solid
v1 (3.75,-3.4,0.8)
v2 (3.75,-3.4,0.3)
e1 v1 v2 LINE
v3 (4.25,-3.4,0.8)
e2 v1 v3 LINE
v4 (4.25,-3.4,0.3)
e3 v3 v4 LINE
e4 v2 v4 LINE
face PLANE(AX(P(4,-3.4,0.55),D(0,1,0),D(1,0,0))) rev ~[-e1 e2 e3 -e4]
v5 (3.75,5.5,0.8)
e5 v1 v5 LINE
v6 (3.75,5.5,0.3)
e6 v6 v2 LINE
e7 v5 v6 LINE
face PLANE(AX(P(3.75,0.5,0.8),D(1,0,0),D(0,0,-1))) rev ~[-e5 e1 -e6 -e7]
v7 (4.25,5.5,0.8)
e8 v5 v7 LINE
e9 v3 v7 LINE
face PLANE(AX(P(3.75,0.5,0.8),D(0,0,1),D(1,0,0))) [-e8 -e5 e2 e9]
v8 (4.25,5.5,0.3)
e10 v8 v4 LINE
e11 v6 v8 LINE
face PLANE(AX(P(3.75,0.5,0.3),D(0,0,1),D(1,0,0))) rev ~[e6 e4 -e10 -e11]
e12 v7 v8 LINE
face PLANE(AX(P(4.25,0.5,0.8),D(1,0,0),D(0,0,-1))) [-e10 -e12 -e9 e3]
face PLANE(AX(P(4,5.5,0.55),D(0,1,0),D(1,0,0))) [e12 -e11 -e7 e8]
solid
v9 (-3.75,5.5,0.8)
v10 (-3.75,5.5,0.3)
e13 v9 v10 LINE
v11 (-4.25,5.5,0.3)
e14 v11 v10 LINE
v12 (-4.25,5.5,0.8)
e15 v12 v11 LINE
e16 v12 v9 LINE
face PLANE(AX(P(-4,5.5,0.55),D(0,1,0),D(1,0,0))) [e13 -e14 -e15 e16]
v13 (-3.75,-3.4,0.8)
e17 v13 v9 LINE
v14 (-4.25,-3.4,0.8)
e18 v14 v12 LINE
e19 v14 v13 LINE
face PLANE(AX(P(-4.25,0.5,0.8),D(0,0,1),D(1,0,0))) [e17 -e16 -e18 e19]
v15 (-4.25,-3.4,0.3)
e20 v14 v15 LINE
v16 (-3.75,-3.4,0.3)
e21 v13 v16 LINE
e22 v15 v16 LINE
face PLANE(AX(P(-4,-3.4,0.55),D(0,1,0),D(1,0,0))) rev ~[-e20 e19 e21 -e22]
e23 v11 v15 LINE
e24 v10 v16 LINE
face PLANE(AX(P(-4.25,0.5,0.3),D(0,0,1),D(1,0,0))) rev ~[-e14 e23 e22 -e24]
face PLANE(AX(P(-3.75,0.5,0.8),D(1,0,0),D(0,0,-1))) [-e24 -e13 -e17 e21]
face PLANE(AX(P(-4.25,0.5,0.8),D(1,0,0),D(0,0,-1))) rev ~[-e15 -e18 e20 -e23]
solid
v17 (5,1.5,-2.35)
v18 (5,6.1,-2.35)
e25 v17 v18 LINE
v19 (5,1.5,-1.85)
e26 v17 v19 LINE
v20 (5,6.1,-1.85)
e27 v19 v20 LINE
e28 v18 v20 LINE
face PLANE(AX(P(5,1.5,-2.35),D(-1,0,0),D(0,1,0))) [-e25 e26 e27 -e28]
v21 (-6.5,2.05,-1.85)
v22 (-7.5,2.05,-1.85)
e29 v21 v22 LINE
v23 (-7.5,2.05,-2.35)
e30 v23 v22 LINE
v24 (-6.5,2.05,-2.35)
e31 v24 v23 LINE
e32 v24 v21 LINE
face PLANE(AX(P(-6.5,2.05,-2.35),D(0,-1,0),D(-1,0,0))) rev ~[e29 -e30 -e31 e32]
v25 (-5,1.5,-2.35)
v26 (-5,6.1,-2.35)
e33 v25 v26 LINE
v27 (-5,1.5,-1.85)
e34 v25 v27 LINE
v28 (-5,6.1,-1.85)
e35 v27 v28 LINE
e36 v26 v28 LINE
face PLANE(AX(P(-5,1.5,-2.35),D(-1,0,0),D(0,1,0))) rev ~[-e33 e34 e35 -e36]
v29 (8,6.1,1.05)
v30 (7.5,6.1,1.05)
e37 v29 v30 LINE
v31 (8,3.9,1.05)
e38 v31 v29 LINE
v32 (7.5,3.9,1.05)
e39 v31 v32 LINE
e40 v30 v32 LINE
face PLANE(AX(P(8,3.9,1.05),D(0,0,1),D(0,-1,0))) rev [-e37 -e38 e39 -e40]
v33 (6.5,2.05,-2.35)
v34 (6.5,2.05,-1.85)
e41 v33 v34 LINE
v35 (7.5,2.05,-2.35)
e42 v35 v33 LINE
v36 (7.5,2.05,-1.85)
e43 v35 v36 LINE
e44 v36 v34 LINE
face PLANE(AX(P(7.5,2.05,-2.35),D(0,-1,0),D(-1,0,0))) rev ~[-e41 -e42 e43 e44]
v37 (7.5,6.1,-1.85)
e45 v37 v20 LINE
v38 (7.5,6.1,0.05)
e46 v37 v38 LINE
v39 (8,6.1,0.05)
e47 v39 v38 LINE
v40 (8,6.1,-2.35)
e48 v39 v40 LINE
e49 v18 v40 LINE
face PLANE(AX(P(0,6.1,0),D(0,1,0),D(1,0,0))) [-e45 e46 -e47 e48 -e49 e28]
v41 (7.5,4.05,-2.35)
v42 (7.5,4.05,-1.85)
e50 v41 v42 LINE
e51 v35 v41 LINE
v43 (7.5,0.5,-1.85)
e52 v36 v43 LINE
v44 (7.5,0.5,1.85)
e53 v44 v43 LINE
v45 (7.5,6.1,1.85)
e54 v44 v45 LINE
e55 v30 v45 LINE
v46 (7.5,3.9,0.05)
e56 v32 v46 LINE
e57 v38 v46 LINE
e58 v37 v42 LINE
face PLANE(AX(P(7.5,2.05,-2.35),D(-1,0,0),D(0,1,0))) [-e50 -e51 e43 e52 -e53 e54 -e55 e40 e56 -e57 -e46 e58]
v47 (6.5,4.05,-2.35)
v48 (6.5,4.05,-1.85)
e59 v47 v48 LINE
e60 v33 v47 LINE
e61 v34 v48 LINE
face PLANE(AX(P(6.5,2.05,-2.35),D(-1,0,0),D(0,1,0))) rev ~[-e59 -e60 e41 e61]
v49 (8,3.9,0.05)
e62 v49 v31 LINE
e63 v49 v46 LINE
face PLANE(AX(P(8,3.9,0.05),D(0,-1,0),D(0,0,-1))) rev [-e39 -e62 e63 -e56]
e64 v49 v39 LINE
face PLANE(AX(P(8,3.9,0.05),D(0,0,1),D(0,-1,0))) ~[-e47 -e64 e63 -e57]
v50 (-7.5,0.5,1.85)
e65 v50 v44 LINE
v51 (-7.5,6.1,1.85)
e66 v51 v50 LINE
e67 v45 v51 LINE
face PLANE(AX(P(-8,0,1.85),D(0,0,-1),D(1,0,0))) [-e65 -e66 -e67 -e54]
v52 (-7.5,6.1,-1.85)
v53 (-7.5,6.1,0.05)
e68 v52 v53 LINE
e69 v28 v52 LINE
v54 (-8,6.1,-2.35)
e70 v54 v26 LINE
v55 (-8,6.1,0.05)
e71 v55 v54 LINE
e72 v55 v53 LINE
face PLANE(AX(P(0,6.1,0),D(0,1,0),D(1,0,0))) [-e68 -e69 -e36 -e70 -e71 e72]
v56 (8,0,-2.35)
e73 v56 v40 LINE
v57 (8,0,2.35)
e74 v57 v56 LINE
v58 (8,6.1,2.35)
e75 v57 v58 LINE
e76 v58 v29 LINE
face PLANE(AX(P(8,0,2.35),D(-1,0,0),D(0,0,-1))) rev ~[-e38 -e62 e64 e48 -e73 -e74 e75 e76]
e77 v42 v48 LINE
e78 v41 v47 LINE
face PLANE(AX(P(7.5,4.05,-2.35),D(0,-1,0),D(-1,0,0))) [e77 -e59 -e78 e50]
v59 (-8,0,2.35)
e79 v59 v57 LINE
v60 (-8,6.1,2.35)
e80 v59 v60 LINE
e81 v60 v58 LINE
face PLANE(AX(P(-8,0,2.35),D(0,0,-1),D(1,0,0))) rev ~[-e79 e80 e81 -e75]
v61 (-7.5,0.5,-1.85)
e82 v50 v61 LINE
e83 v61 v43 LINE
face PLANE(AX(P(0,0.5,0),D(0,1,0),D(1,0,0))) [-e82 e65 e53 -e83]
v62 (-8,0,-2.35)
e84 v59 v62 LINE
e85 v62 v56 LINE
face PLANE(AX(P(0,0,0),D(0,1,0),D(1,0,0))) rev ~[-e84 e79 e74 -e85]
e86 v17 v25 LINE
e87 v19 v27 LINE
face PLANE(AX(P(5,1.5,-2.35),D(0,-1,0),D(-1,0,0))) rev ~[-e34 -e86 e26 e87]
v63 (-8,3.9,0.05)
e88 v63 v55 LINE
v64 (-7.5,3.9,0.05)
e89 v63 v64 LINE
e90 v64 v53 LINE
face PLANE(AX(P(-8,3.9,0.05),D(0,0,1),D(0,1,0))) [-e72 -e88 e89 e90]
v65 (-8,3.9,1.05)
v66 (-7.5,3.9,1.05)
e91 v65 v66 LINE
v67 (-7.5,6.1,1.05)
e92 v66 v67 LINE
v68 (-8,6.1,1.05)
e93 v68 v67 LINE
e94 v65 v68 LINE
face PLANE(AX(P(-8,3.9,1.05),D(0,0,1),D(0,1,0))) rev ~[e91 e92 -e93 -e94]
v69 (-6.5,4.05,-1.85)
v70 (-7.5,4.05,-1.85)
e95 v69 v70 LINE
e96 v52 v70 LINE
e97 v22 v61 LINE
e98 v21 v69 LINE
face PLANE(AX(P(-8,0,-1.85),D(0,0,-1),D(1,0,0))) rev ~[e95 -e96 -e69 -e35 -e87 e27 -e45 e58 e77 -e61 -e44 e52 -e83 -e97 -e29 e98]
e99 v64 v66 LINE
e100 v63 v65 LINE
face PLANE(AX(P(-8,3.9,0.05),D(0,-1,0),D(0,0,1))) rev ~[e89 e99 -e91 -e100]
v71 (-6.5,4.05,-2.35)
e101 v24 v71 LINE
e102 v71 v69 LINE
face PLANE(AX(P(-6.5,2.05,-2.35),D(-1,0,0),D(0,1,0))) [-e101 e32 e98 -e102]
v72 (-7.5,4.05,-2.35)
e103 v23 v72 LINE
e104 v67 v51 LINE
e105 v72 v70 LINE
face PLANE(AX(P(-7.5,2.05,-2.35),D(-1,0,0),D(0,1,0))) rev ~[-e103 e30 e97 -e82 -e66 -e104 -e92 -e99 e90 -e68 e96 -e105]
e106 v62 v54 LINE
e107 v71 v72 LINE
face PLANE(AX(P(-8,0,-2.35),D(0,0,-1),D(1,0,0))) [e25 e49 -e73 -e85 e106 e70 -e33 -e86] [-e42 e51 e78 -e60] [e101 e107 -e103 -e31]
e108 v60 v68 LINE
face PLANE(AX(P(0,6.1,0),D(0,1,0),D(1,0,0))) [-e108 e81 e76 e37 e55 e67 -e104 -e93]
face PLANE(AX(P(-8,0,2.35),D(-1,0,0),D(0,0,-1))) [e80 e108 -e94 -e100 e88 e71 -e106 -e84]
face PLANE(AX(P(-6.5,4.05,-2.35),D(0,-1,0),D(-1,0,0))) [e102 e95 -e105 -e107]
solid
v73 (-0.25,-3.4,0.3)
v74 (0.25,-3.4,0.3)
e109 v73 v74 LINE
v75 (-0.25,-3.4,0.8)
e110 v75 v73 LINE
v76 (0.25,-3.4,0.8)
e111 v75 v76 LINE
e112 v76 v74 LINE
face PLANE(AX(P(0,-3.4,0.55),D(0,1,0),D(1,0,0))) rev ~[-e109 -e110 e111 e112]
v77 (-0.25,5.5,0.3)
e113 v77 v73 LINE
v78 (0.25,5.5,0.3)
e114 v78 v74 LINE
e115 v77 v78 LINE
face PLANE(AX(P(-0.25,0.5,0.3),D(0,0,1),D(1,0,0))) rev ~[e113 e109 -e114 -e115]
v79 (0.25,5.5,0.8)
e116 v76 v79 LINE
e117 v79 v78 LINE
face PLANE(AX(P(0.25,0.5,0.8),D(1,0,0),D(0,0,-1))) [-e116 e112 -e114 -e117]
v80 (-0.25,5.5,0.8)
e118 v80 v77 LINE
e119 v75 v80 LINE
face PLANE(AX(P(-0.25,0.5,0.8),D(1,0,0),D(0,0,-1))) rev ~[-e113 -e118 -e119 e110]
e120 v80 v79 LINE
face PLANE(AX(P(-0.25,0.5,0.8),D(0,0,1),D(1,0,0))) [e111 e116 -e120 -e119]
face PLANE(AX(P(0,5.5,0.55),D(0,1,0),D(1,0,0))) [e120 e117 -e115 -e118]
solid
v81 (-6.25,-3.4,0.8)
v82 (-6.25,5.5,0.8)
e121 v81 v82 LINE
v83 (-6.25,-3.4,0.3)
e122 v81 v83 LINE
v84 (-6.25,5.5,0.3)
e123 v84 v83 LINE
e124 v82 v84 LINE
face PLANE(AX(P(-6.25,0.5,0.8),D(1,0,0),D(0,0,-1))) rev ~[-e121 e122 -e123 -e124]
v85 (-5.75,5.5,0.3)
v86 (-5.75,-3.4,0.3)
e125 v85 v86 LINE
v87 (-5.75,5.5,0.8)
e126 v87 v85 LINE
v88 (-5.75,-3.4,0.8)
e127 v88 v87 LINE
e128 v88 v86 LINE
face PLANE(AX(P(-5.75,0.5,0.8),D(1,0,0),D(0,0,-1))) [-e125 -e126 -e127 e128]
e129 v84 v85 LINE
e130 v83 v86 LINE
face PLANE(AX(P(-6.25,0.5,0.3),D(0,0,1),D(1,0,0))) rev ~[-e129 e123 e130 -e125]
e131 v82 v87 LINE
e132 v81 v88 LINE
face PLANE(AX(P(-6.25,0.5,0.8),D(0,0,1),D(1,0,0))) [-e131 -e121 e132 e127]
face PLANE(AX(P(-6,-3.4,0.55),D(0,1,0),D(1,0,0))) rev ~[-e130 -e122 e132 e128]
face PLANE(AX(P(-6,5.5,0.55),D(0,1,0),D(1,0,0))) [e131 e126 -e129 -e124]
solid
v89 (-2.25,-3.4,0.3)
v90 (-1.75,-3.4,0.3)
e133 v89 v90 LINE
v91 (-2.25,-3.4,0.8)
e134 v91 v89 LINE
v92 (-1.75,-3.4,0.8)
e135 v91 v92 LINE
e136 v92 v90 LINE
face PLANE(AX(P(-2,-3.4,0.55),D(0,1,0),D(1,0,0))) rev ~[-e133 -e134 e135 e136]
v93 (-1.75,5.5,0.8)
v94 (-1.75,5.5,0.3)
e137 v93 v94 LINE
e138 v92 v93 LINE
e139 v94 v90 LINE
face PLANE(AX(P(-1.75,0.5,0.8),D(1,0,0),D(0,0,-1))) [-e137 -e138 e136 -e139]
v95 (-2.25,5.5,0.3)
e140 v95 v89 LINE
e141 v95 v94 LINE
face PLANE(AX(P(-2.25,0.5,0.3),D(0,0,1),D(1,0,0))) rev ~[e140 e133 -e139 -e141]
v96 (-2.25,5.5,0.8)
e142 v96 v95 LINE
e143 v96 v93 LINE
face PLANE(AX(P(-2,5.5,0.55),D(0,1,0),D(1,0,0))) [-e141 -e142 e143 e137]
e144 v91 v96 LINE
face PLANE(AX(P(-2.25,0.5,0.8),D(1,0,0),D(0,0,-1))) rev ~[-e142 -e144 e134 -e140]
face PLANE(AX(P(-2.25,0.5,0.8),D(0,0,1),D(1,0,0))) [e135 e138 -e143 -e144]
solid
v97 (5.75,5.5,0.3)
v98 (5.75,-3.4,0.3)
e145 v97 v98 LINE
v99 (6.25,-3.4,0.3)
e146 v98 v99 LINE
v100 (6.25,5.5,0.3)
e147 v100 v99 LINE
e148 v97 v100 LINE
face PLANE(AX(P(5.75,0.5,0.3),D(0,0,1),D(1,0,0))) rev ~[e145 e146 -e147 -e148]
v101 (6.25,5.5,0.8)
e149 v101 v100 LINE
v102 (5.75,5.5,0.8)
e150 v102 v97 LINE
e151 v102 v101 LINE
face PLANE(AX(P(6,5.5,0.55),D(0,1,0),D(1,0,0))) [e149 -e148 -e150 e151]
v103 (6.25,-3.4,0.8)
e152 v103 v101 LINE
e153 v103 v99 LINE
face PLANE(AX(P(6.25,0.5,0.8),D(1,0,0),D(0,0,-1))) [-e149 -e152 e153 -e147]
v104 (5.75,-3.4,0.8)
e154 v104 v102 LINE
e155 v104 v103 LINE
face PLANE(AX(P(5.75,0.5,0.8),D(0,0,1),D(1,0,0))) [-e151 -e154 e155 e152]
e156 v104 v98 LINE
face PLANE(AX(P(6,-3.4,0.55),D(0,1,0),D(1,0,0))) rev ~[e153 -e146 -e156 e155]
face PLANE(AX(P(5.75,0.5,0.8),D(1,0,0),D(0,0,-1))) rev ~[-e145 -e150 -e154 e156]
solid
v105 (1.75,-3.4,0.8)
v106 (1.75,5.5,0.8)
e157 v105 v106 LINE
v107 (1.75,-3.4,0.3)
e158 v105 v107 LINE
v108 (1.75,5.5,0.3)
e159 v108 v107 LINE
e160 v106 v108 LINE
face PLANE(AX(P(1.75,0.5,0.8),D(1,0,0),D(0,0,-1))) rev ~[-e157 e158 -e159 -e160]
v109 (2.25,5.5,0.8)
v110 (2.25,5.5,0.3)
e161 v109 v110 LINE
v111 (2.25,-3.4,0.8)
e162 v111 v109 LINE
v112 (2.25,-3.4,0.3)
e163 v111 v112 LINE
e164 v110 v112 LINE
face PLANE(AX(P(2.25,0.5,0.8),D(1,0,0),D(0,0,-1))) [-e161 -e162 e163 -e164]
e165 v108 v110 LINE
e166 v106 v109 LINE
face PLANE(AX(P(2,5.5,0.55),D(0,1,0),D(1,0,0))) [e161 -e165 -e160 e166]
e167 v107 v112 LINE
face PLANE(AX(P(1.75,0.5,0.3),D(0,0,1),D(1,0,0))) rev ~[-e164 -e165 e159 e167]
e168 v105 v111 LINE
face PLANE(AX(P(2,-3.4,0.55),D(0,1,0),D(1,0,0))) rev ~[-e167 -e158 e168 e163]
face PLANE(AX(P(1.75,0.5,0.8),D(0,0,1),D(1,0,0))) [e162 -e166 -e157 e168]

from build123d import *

# Parameters (mm, degrees)
SKETCH1_W         = 16
SKETCH1_H         = 4.7
CASING_DEPTH      = 6.1
CASING_SHELL_T    = -0.5
SKETCH2_W         = 0.5
SKETCH2_H         = 0.5
PINS_DEPTH        = 5
PINS_DEPTH_BACK   = 3.9
PINS_2_DEPTH      = 5
PINS_2_DEPTH_BACK = 3.9
PINS_3_DEPTH      = 5
PINS_3_DEPTH_BACK = 3.9
PINS_4_DEPTH      = 5
PINS_4_DEPTH_BACK = 3.9
PINS_5_DEPTH      = 5
PINS_5_DEPTH_BACK = 3.9
PINS_6_DEPTH      = 5
PINS_6_DEPTH_BACK = 3.9
PINS_7_DEPTH      = 5
PINS_7_DEPTH_BACK = 3.9
SKETCH3_W         = 10
SKETCH3_H         = 4.6
SKETCH3_W_2       = 1
SKETCH3_H_2       = 2
SHAPE_CUT1_DEPTH  = 0.5
SKETCH4_W         = 1
SKETCH4_H         = 2.2
SHAPE_CUT2_DEPTH  = 15.5


with BuildPart() as part:
    # Sketch1 → casing (new body)
    with BuildSketch(Plane(origin=(0, 0, 0), x_dir=(1, 0, 0), z_dir=(0, 1, 0))):
        Rectangle(SKETCH1_W, SKETCH1_H)
    extrude(amount=CASING_DEPTH)

    # casing_shell
    casing_shell_openings = [part.faces().sort_by_distance(p)[0] for p in [
        (0, 6.1, 0),
    ]]
    offset(amount=CASING_SHELL_T, openings=casing_shell_openings, kind=Kind.INTERSECTION)

    # Sketch3 → shape_cut1 (cut)
    with BuildSketch(Plane(origin=(0, 0, -2.35), x_dir=(-1, 0, 0), z_dir=(0, 0, -1))):
        with Locations((0, 3.8)):
            Rectangle(SKETCH3_W, SKETCH3_H)
        with Locations((-7, 3.05)):
            Rectangle(SKETCH3_W_2, SKETCH3_H_2)
        with Locations((7, 3.05)):
            Rectangle(SKETCH3_W_2, SKETCH3_H_2)
    extrude(amount=-SHAPE_CUT1_DEPTH, mode=Mode.SUBTRACT)

    # Sketch4 → shape_cut2 (cut)
    with BuildSketch(Plane.ZY.offset(8)):
        with Locations((0.55, 5)):
            Rectangle(SKETCH4_W, SKETCH4_H)
    shape_cut2 = extrude(amount=-SHAPE_CUT2_DEPTH, mode=Mode.SUBTRACT)

    # shape_cut2m: shape_cut2 across plane
    add(shape_cut2.mirror(Plane(origin=(0, 0, 0), x_dir=(0, 0, 1), z_dir=(1, 0, 0))), mode=Mode.SUBTRACT)


with BuildPart() as body_2:
    # Sketch2 → pins (new body, two sides)
    with BuildSketch(Plane(origin=(0, 0.5, 0), x_dir=(1, 0, 0), z_dir=(0, 1, 0))) as pins_sk:
        with Locations((-6, -0.55)):
            Rectangle(SKETCH2_W, SKETCH2_H)
    extrude(amount=PINS_DEPTH)
    extrude(pins_sk.sketch, amount=-PINS_DEPTH_BACK)


with BuildPart() as body_3:
    # Sketch2 → pins 2 (new body, two sides)
    with BuildSketch(Plane(origin=(0, 0.5, 0), x_dir=(1, 0, 0), z_dir=(0, 1, 0))) as pins_2_sk:
        with Locations((-4, -0.55)):
            Rectangle(SKETCH2_W, SKETCH2_H)
    extrude(amount=PINS_2_DEPTH)
    extrude(pins_2_sk.sketch, amount=-PINS_2_DEPTH_BACK)


with BuildPart() as body_4:
    # Sketch2 → pins 3 (new body, two sides)
    with BuildSketch(Plane(origin=(0, 0.5, 0), x_dir=(1, 0, 0), z_dir=(0, 1, 0))) as pins_3_sk:
        with Locations((-2, -0.55)):
            Rectangle(SKETCH2_W, SKETCH2_H)
    extrude(amount=PINS_3_DEPTH)
    extrude(pins_3_sk.sketch, amount=-PINS_3_DEPTH_BACK)


with BuildPart() as body_5:
    # Sketch2 → pins 4 (new body, two sides)
    with BuildSketch(Plane(origin=(0, 0.5, 0), x_dir=(1, 0, 0), z_dir=(0, 1, 0))) as pins_4_sk:
        with Locations((0, -0.55)):
            Rectangle(SKETCH2_W, SKETCH2_H)
    extrude(amount=PINS_4_DEPTH)
    extrude(pins_4_sk.sketch, amount=-PINS_4_DEPTH_BACK)


with BuildPart() as body_6:
    # Sketch2 → pins 5 (new body, two sides)
    with BuildSketch(Plane(origin=(0, 0.5, 0), x_dir=(1, 0, 0), z_dir=(0, 1, 0))) as pins_5_sk:
        with Locations((2, -0.55)):
            Rectangle(SKETCH2_W, SKETCH2_H)
    extrude(amount=PINS_5_DEPTH)
    extrude(pins_5_sk.sketch, amount=-PINS_5_DEPTH_BACK)


with BuildPart() as body_7:
    # Sketch2 → pins 6 (new body, two sides)
    with BuildSketch(Plane(origin=(0, 0.5, 0), x_dir=(1, 0, 0), z_dir=(0, 1, 0))) as pins_6_sk:
        with Locations((4, -0.55)):
            Rectangle(SKETCH2_W, SKETCH2_H)
    extrude(amount=PINS_6_DEPTH)
    extrude(pins_6_sk.sketch, amount=-PINS_6_DEPTH_BACK)


with BuildPart() as body_8:
    # Sketch2 → pins 7 (new body, two sides)
    with BuildSketch(Plane(origin=(0, 0.5, 0), x_dir=(1, 0, 0), z_dir=(0, 1, 0))) as pins_7_sk:
        with Locations((6, -0.55)):
            Rectangle(SKETCH2_W, SKETCH2_H)
    extrude(amount=PINS_7_DEPTH)
    extrude(pins_7_sk.sketch, amount=-PINS_7_DEPTH_BACK)


solid = Compound([part.part, body_2.part, body_3.part, body_4.part, body_5.part, body_6.part, body_7.part, body_8.part])
